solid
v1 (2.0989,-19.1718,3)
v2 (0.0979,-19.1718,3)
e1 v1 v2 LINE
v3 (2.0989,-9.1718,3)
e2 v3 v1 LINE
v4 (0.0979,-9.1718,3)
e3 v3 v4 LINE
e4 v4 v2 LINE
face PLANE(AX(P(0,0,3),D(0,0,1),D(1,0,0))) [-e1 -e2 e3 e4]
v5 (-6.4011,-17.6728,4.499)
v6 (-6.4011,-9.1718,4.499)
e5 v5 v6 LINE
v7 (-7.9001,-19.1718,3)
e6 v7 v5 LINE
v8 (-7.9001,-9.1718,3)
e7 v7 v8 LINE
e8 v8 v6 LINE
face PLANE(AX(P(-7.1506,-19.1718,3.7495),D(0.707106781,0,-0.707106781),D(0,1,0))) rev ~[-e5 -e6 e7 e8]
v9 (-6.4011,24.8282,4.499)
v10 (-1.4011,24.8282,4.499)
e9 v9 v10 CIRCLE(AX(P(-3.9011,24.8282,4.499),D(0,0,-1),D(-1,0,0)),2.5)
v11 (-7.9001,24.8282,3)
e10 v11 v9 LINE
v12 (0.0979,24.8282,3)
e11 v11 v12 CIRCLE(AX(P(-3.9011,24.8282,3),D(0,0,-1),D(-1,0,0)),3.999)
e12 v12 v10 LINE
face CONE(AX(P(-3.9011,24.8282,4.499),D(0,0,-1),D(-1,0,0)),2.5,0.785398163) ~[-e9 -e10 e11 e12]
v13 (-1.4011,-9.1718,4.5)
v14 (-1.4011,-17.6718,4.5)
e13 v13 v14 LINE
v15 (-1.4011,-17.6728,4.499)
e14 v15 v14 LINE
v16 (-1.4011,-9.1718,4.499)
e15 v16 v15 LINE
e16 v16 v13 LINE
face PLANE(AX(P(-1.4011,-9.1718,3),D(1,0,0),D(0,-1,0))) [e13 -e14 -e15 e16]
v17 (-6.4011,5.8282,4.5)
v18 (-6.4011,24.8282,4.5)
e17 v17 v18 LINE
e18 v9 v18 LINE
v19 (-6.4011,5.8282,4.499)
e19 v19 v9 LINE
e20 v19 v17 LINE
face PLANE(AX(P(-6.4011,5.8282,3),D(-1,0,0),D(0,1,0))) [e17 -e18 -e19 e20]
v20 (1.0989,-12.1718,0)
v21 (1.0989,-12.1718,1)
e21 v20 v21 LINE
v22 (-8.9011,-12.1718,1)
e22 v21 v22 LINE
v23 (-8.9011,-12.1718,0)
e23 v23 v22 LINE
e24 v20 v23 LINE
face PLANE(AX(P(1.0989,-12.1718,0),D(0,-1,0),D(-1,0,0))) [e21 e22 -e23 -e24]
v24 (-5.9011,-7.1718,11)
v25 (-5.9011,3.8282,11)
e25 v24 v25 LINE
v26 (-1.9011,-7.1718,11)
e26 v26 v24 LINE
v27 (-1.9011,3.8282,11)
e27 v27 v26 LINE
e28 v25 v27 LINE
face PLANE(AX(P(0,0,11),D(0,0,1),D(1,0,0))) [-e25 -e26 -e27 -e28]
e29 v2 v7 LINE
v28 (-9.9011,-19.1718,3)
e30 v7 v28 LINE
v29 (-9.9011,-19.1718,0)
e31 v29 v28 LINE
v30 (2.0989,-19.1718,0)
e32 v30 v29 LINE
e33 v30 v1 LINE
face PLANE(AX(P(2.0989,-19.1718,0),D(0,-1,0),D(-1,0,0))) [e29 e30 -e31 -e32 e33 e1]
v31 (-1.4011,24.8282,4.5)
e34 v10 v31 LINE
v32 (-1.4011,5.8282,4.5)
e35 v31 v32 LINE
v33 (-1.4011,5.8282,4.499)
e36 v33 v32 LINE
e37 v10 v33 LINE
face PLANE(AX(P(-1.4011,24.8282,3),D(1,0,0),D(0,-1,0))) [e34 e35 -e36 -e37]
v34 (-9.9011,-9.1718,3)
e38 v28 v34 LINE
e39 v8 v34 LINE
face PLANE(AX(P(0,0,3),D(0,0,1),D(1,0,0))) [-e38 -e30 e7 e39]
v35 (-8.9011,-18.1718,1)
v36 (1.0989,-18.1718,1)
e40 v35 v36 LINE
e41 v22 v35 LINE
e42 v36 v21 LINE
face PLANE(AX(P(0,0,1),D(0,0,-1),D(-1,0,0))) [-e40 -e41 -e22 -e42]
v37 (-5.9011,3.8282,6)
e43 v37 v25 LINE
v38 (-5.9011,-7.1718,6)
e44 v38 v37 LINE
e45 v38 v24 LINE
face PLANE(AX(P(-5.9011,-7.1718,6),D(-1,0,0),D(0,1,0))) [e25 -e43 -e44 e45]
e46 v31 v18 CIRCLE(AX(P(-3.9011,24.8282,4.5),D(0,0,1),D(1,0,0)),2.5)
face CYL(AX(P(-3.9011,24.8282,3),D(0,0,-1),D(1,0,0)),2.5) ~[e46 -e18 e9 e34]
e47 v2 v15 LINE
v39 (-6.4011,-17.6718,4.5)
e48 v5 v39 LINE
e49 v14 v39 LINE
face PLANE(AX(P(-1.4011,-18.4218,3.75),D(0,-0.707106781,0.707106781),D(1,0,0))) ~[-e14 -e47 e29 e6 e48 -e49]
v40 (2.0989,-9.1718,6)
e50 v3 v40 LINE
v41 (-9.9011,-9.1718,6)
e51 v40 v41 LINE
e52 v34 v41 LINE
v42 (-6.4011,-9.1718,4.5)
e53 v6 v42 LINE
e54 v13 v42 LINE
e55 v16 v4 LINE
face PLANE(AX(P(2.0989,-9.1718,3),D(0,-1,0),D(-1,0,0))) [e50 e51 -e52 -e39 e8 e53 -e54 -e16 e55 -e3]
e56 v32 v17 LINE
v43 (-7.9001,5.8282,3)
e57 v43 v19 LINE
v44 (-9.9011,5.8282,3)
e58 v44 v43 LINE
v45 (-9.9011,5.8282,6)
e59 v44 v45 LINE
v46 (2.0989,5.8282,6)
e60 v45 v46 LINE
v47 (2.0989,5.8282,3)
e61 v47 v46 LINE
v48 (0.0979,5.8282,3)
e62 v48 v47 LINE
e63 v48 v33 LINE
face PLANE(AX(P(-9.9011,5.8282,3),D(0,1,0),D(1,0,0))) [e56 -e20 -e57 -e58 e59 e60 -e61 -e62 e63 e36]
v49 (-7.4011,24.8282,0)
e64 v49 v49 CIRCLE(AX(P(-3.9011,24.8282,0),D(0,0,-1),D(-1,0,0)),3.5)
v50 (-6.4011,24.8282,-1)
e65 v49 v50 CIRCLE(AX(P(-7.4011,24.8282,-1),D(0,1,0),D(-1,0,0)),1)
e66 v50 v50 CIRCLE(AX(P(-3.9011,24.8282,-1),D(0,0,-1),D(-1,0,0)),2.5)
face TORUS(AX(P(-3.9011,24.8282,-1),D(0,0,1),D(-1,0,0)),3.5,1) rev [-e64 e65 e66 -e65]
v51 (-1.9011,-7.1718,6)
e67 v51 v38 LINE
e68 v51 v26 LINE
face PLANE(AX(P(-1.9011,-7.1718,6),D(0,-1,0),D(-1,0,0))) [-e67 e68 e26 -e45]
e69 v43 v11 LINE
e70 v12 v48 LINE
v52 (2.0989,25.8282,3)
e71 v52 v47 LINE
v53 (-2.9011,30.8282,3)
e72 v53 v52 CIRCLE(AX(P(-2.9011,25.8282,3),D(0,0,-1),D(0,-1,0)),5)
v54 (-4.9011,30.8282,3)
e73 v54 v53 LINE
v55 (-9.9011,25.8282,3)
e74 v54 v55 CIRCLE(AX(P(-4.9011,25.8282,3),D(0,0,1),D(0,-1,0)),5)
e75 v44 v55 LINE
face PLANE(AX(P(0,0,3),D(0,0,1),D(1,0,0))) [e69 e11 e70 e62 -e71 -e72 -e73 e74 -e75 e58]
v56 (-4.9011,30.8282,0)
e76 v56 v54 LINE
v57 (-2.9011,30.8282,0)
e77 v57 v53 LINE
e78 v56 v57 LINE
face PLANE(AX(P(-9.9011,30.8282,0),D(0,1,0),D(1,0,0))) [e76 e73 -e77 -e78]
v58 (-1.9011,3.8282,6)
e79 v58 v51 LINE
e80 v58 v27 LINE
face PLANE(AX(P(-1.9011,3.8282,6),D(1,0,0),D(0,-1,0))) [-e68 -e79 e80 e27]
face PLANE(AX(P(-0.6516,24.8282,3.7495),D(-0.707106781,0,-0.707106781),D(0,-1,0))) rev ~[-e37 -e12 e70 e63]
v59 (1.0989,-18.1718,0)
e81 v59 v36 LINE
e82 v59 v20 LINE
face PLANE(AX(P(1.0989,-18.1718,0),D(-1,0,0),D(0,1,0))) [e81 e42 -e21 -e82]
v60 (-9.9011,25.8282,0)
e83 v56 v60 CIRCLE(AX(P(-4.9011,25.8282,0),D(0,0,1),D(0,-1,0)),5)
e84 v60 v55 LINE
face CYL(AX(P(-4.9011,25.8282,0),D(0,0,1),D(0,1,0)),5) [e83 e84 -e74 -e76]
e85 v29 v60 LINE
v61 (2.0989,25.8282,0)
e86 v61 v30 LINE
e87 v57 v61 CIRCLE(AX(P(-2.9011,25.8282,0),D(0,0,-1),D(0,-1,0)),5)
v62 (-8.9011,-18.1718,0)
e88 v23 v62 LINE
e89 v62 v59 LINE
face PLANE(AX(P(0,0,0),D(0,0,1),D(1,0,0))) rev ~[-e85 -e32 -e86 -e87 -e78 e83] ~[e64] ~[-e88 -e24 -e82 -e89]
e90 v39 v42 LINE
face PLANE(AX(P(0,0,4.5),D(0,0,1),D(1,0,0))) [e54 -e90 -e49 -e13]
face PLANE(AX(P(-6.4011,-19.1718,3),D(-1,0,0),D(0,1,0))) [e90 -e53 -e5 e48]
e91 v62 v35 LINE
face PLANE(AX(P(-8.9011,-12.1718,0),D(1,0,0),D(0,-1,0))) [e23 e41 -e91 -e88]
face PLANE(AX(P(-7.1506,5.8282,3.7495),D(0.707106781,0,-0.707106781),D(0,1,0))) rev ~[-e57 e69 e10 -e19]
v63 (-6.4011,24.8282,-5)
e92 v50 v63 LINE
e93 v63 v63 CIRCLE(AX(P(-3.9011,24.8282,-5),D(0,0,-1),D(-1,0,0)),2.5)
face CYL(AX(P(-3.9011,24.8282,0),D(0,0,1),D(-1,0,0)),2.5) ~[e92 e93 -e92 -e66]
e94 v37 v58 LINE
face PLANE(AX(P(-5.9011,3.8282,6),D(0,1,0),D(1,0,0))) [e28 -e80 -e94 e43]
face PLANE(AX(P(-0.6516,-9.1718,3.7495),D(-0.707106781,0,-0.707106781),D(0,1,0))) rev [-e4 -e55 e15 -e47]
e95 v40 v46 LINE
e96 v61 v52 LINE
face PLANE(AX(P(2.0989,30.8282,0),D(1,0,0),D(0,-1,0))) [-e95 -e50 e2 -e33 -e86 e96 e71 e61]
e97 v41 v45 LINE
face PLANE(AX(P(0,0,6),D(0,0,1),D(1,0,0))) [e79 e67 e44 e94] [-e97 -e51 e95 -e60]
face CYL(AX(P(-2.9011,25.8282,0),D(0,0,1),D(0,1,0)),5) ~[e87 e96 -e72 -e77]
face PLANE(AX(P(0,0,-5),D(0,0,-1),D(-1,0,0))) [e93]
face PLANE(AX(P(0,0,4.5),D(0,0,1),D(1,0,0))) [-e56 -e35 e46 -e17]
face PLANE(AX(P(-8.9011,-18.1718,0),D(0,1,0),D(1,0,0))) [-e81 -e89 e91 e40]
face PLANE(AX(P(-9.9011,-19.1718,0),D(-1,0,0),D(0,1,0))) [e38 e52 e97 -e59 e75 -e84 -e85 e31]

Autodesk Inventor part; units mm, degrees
ref_plane "YZ Plane" through (0, 0, 0) normal (1, 0, 0) x (0, 1, 0)
ref_plane "XZ Plane" through (0, 0, 0) normal (0, 1, 0) x (-1, 0, 0)
ref_plane "XY Plane" through (0, 0, 0) normal (0, 0, 1) x (1, 0, 0)
sketch "Sketch1" plane through (0, 0, 0) normal (0, 0, 1) x (1, 0, 0)
  line L0 (-9.9011, 30.8282) -> (2.0989, 30.8282)
  line L1 (2.0989, 30.8282) -> (2.0989, -19.1718)
  line L2 (2.0989, -19.1718) -> (-9.9011, -19.1718)
  line L3 (-9.9011, -19.1718) -> (-9.9011, 30.8282)
  point P0 (0, 0)
  dimension "d0" = 50
  dimension "d1" = 12
extrude "Extrusion1" add sketch "Sketch1" along normal blind 3
sketch "Sketch2" plane through (0, 0, 0) normal (0, 0, -1) x (-1, 0, 0)
  line L0 (-2.0989, -19.1718) -> (-2.0989, 30.8282) projected
  line L1 (9.9011, -19.1718) -> (-2.0989, -19.1718) projected
  line L2 (-2.0989, -11.1718) -> (9.9011, -11.1718)
  line L3 (9.9011, -11.1718) -> (9.9011, -19.1718)
  line L4 (9.9011, -19.1718) -> (-2.0989, -19.1718)
  line L5 (-2.0989, -19.1718) -> (-2.0989, -11.1718)
  line L6 (-1.0989, -12.1718) -> (8.9011, -12.1718)
  line L7 (8.9011, -12.1718) -> (8.9011, -18.1718)
  line L8 (8.9011, -18.1718) -> (-1.0989, -18.1718)
  line L9 (-1.0989, -18.1718) -> (-1.0989, -12.1718)
  point P0 (0, 0)
  dimension "d4" = 8
  dimension "d5" = 10
  dimension "d6" = 6
  dimension "d7" = 1
  dimension "d8" = 1
  dimension "d9" = 12
extrude "Extrusion2" cut sketch "Sketch2" against normal blind 1 contours L6 L7 L8 L9
sketch "Sketch3" plane through (0, 0, 0) normal (0, 0, -1) x (-1, 0, 0)
  line L0 (-2.0989, -19.1718) -> (-2.0989, 30.8282) projected
  line L1 (-2.0989, 30.8282) -> (9.9011, 30.8282) projected
  line L2 (9.9011, 30.8282) -> (9.9011, -19.1718) projected
  circle A0 centre (3.9011, 24.8282) radius 2.5
  line L3 (-2.0989, 30.8282) -> (9.9011, 30.8282)
  line L4 (9.9011, 30.8282) -> (9.9011, 18.8282)
  line L5 (9.9011, 18.8282) -> (-2.0989, 18.8282)
  line L6 (-2.0989, 18.8282) -> (-2.0989, 30.8282)
  point P0 (0, 0)
  dimension "d12" = 5
  dimension "d13" = 6
  dimension "d14" = 12
  dimension "d15" = 12
  dimension "d16" = 6
extrude "Extrusion3" add sketch "Sketch3" along normal blind 5 contours A0
fillet "Fillet1" radius 1 1 edges at (-1.4011, 24.8282, 0)
sketch "Sketch4" plane through (0, 0, 3) normal (0, 0, 1) x (1, 0, 0)
  line L0 (2.0989, -19.1718) -> (2.0989, 30.8282) projected
  line L1 (-9.9011, 5.8282) -> (2.0989, 5.8282)
  line L2 (2.0989, 5.8282) -> (2.0989, -9.1718)
  line L3 (2.0989, -9.1718) -> (-9.9011, -9.1718)
  line L4 (-9.9011, -9.1718) -> (-9.9011, 5.8282)
  line L5 (-9.9011, 30.8282) -> (-9.9011, -19.1718) projected
  line L6 (-9.9011, -19.1718) -> (2.0989, -19.1718) projected
  line L7 (2.0989, -19.1718) -> (2.0989, 30.8282) projected
  line L8 (2.0989, 30.8282) -> (-9.9011, 30.8282) projected
  line L9 (-9.9011, 30.8282) -> (-9.9011, -19.1718) projected
  point P0 (0, 0)
  point P1 (2.0989, 5.8282)
  dimension "d20" = 15
  dimension "d21" = 10
extrude "Extrusion4" add sketch "Sketch4" along normal blind 3 contours L3 L4 L1 L0
sketch "Sketch5" plane through (0, 0, 6) normal (0, 0, 1) x (1, 0, 0)
  line L0 (-5.9011, 3.8282) -> (-1.9011, 3.8282)
  line L1 (-1.9011, 3.8282) -> (-1.9011, -7.1718)
  line L2 (-1.9011, -7.1718) -> (-5.9011, -7.1718)
  line L3 (-5.9011, -7.1718) -> (-5.9011, 3.8282)
  line L4 (-9.9011, -9.1718) -> (2.0989, -9.1718) projected
  line L5 (2.0989, -9.1718) -> (2.0989, 5.8282) projected
  line L6 (2.0989, 5.8282) -> (-9.9011, 5.8282) projected
  line L7 (-9.9011, 5.8282) -> (-9.9011, -9.1718) projected
  point P0 (0, 0)
  dimension "d24" = 12
  dimension "d25" = 15
  dimension "d26" = 4
  dimension "d27" = 11
  dimension "d28" = 4
  dimension "d29" = 2
extrude "Extrusion5" add sketch "Sketch5" along normal blind 5 contours L0 L1 L2 L3
fillet "Fillet2" radius 5 2 edges at (-9.9011, 30.8282, 1.5) (2.0989, 30.8282, 1.5)
sketch "Sketch6" plane through (0, 0, 3) normal (0, 0, 1) x (1, 0, 0)
  circle A0 centre (-3.9011, 24.8282) radius 2.5 projected
  line L0 (-6.4011, 24.8282) -> (-1.4011, 24.8282)
  line L1 (-1.4011, 24.8282) -> (-1.4011, 5.8282)
  line L2 (-1.4011, 5.8282) -> (-6.4011, 5.8282)
  line L3 (-6.4011, 5.8282) -> (-6.4011, 24.8282)
  line L4 (2.0989, 5.8282) -> (-9.9011, 5.8282) projected
  line L5 (2.0989, -9.1718) -> (-9.9011, -9.1718) projected
  line L6 (-6.4011, -9.1718) -> (-1.4011, -9.1718)
  line L7 (-1.4011, -9.1718) -> (-1.4011, -19.1718)
  line L8 (-1.4011, -19.1718) -> (-6.4011, -19.1718)
  line L9 (-6.4011, -19.1718) -> (-6.4011, -9.1718)
  line L10 (-9.9011, -19.1718) -> (2.0989, -19.1718) projected
  point P0 (0, 0)
  point P1 (-1.4011, -9.1718)
  dimension "d38" = 5
  dimension "d39" = 5
extrude "Extrusion6" add sketch "Sketch6" along normal blind 1.5
chamfer "Chamfer1" distance 1.5 angle 45 6 edges at (-1.4011, 15.3282, 3) (-3.9011, 27.3282, 3) (-6.4011, 15.3282, 3) (-6.4011, -14.1718, 3) (-1.4011, -14.1718, 3) (-3.9011, -19.1718, 4.5)
equation "\"d7\" = -0.5 * d5 + 0.5 * d9"
equation "\"d8\" = -0.5 * d6 + 0.5 * d4"
equation "\"d13\" = 0.5 * d14"
equation "\"d15\" = d14"
equation "\"d16\" = 0.5 * d14"
equation "\"d26\" = 0.333333 * d24"
equation "\"d28\" = -0.5 * d26 + 0.5 * d24"
equation "\"d39\" = d38"
properties part number "wheel connector"
